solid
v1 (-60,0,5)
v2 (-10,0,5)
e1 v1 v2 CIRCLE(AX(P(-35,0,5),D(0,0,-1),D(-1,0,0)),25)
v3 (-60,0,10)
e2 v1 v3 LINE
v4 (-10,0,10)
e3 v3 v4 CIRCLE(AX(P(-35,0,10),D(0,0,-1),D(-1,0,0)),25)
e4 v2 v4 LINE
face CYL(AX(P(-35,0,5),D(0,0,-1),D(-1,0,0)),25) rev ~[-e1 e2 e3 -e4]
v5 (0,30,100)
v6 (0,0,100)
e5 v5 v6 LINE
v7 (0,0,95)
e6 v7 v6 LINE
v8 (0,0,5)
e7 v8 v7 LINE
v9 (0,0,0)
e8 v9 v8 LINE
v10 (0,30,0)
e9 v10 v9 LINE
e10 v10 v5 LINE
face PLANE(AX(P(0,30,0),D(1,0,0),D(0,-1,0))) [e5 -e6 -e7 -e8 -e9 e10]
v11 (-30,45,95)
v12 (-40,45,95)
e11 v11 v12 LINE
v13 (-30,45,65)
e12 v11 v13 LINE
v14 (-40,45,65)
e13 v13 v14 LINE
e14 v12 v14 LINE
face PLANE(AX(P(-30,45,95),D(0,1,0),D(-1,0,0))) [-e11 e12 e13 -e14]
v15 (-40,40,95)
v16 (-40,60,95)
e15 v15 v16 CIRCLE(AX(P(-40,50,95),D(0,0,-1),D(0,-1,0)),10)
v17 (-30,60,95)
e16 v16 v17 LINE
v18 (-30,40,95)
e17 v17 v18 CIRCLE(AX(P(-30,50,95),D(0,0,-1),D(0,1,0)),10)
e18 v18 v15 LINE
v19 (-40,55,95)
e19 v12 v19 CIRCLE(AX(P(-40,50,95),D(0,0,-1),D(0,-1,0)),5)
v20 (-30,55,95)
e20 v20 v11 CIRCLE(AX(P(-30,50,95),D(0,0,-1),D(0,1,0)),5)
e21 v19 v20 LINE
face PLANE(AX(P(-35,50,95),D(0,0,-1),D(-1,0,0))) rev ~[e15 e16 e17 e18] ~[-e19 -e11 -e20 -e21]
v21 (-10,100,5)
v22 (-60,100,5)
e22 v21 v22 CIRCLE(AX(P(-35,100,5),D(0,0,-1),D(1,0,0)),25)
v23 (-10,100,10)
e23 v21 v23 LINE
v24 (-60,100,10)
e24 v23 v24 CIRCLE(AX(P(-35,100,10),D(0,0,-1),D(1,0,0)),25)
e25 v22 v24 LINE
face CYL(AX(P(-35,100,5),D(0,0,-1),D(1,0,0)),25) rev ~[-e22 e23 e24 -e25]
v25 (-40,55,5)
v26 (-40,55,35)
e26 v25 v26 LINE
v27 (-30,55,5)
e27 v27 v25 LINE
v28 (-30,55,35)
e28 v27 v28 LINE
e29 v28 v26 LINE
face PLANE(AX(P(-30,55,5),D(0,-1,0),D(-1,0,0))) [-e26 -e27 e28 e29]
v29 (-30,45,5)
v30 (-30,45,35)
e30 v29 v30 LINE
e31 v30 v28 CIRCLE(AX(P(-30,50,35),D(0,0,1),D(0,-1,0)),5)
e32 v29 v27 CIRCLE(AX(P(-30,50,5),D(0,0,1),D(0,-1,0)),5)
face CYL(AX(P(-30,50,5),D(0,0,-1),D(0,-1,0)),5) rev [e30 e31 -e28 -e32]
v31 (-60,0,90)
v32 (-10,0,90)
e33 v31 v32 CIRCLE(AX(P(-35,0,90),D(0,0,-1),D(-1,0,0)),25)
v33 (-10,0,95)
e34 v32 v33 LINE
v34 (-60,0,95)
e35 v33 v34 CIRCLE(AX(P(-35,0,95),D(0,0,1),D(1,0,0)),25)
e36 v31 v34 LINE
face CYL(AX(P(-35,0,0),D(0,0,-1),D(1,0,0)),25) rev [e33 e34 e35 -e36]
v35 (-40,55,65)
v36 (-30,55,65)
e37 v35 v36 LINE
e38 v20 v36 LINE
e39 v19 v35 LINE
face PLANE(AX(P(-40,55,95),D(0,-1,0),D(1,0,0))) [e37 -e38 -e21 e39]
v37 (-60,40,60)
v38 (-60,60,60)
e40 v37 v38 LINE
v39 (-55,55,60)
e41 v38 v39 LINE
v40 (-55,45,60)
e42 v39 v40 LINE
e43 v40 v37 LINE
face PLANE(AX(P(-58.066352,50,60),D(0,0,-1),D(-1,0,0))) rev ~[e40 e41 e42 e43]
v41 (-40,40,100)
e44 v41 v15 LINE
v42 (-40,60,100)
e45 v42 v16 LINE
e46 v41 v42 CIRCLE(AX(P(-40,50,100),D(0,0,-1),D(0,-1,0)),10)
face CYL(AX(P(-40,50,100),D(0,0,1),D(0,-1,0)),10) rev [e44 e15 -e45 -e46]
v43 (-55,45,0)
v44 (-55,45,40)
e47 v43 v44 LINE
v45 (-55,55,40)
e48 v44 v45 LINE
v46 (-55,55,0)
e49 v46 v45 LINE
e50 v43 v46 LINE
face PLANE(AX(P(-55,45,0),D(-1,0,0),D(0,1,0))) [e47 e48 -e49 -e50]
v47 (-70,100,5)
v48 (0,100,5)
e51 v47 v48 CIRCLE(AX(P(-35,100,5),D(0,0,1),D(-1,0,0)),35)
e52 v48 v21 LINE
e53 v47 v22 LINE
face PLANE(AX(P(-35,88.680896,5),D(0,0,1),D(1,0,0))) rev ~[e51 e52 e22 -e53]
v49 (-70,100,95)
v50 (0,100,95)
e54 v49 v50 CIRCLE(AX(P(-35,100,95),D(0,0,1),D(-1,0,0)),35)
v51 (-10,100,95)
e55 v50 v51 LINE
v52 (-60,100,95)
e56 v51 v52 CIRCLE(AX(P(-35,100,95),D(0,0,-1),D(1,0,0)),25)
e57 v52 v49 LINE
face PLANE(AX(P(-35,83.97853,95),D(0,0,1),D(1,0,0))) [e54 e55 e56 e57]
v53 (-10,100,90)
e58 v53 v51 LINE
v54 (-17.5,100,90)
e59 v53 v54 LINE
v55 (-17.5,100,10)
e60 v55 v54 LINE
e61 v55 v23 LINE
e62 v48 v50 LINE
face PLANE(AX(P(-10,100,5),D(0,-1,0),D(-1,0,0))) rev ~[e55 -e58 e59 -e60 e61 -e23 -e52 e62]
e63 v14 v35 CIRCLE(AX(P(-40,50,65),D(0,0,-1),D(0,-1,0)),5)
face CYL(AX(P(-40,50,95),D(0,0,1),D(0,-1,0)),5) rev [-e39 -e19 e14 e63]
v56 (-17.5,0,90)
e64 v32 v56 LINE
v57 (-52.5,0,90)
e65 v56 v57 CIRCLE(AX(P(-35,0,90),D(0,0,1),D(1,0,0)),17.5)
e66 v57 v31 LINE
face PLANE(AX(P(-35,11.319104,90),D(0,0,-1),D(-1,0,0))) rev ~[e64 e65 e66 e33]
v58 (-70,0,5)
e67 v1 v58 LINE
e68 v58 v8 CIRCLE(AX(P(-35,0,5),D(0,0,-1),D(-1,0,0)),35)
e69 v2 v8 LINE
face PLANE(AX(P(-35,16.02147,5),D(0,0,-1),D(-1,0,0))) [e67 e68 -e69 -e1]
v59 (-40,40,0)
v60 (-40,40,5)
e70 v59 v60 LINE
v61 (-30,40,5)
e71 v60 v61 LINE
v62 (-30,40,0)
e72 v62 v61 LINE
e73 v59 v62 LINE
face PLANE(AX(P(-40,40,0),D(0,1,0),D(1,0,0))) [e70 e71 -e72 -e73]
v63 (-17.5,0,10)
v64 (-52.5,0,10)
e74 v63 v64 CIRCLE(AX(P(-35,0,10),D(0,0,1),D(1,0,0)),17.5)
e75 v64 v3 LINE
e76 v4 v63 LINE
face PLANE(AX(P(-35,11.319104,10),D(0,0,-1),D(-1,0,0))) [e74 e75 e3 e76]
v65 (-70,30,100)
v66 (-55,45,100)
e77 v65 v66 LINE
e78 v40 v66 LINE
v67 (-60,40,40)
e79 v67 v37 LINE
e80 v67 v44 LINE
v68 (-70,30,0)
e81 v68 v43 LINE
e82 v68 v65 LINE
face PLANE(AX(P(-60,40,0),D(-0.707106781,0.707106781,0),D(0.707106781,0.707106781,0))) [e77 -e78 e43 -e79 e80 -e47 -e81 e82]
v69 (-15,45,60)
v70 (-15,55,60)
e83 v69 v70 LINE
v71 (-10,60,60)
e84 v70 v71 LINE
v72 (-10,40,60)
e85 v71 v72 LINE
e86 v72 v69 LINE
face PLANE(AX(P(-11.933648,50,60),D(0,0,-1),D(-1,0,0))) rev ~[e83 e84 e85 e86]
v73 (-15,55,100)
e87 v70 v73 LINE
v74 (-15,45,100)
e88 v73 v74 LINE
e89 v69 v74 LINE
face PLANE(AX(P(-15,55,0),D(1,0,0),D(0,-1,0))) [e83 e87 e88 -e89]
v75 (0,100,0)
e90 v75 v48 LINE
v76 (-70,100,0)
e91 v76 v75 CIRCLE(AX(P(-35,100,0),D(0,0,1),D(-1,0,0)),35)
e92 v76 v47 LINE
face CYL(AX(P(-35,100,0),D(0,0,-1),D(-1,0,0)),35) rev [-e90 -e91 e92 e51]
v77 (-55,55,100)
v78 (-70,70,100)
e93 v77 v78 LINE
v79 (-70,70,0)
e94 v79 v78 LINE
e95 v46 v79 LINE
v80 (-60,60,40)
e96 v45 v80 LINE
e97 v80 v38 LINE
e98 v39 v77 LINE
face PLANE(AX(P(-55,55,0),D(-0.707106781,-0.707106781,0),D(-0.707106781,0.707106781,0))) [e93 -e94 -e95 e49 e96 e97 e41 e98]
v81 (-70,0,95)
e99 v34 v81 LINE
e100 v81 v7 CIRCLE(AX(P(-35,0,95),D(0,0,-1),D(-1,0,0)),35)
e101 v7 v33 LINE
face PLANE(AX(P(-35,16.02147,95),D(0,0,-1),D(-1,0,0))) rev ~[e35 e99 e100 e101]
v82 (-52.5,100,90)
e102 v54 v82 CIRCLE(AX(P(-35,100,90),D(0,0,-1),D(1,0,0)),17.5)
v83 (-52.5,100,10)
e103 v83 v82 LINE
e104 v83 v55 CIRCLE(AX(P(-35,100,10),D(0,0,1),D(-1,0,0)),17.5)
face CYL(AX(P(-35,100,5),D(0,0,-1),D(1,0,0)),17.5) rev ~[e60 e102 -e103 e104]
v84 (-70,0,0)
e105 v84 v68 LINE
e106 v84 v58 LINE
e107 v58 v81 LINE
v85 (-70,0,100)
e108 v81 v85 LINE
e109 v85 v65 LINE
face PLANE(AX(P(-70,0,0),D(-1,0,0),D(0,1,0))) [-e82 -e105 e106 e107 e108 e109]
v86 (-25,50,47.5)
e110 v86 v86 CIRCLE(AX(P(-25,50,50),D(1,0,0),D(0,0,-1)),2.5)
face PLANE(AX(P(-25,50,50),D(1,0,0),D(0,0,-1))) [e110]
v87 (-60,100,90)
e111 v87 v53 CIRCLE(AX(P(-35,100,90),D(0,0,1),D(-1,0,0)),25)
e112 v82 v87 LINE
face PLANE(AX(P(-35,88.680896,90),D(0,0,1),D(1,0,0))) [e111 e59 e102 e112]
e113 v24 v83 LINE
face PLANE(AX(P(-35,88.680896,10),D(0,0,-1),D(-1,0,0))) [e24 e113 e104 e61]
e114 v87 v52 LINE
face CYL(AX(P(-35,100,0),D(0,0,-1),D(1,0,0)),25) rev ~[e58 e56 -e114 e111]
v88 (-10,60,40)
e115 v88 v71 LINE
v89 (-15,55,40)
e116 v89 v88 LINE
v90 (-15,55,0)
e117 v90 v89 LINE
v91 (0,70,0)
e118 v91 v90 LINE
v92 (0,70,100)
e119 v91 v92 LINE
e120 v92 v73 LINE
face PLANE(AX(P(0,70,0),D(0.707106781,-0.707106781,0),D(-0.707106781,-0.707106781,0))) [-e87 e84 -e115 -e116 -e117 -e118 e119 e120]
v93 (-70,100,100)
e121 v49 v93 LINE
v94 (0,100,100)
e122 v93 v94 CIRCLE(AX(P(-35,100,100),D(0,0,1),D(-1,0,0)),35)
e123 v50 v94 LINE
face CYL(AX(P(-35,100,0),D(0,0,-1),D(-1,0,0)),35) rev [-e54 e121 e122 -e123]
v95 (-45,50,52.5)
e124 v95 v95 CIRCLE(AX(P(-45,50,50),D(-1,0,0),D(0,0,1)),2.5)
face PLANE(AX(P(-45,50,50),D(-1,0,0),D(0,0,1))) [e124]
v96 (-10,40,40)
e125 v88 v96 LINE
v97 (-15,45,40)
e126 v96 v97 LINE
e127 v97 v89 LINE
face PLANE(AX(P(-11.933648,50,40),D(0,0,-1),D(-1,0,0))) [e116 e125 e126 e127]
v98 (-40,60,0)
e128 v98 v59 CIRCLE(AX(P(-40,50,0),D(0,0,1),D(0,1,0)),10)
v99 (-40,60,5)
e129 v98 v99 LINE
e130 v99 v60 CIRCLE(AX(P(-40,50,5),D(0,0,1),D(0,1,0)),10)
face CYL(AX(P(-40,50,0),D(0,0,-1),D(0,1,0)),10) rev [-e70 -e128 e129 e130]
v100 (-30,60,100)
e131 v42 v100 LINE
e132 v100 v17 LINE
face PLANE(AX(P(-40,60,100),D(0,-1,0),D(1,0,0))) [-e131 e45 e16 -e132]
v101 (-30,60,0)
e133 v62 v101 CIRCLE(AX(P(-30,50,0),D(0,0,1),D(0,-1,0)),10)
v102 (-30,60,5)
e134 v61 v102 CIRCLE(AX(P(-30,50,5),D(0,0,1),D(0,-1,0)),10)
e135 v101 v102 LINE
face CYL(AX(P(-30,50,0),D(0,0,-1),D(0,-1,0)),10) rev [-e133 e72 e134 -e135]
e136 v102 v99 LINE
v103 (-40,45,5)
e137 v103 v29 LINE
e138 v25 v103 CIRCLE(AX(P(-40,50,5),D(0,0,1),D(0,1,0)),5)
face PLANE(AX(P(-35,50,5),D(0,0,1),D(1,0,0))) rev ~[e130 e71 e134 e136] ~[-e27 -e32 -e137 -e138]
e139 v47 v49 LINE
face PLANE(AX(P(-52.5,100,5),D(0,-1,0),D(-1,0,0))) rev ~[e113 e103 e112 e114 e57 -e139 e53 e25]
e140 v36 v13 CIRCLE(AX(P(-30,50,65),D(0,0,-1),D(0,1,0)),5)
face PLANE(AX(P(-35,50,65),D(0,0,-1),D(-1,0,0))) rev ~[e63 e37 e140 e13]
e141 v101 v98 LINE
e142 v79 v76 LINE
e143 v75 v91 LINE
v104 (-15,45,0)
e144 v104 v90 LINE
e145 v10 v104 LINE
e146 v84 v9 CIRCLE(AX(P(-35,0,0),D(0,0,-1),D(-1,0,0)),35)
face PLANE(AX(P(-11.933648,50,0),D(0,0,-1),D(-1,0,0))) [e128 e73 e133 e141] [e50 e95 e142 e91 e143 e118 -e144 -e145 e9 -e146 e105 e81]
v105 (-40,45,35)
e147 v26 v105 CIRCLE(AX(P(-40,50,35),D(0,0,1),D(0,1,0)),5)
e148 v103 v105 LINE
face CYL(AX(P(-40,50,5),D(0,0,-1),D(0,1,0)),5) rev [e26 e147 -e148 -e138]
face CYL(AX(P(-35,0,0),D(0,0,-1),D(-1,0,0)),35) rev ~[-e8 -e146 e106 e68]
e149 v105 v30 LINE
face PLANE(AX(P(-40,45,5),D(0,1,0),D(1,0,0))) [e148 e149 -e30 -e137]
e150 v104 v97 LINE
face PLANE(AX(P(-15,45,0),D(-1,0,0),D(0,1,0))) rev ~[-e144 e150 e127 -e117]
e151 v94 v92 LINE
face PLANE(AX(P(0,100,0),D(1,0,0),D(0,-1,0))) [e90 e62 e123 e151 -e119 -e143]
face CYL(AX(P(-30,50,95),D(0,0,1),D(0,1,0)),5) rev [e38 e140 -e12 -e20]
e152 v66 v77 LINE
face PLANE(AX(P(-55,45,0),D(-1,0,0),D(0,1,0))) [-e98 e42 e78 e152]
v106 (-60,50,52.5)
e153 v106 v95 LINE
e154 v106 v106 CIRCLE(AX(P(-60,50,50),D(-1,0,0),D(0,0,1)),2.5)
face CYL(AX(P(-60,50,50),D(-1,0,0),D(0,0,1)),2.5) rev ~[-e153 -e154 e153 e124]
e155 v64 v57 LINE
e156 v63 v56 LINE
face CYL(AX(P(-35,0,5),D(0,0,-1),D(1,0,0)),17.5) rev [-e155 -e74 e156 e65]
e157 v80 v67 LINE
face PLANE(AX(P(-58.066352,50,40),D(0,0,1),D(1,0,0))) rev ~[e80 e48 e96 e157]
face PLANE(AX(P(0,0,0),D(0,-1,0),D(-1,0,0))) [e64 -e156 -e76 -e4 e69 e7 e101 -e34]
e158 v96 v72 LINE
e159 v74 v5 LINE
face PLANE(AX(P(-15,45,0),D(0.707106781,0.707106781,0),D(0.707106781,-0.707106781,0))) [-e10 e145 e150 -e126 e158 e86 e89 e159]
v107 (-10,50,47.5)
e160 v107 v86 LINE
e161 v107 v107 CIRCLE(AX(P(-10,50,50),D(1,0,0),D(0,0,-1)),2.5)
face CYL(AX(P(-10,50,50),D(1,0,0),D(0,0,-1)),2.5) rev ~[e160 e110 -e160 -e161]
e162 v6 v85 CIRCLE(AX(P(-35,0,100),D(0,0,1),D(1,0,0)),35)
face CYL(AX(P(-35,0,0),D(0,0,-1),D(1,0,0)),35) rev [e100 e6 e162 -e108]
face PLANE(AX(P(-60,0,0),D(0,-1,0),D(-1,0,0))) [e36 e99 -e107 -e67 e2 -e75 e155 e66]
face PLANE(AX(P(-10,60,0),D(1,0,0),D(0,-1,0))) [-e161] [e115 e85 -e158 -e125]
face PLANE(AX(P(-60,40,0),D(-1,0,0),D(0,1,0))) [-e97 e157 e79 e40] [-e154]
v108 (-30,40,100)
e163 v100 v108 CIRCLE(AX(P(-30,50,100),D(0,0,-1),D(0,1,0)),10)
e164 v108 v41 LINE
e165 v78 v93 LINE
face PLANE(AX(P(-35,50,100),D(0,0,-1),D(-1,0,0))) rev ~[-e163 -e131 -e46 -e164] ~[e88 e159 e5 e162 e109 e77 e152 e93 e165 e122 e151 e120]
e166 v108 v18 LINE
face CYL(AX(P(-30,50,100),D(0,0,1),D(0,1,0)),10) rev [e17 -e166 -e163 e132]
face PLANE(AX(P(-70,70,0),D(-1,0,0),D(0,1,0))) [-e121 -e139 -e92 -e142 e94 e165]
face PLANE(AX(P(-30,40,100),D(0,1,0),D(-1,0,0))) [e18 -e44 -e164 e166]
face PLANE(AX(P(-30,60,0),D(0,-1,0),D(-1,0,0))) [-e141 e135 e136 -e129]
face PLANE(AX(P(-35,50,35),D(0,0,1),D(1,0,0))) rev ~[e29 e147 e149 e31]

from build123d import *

# Parameters (mm, degrees)
BOSS_EXTRUDE1_DEPTH = 100
BOSS_EXTRUDE2_DEPTH = 95
CUT_EXTRUDE1_DEPTH  = 5
BOSS_EXTRUDE5_DEPTH = 85
CUT_EXTRUDE4_DEPTH  = 5
BOSS_EXTRUDE6_DEPTH = 60
CUT_EXTRUDE5_DEPTH  = 40
SKETCH11_R          = 2.5
CUT_EXTRUDE6_DEPTH  = 15
SKETCH12_R          = 2.5
CUT_EXTRUDE7_DEPTH  = 15
CUT_EXTRUDE8_DEPTH  = 5
CUT_EXTRUDE9_DEPTH  = 30
CUT_EXTRUDE10_DEPTH = 5
CUT_EXTRUDE11_DEPTH = 30


with BuildPart() as part:
    # Sketch1 → Boss-Extrude1 (new body)
    with BuildSketch(Plane.XY):
        with BuildLine():
            Line((-70, 0), (-70, 30))
            Line((-70, 30), (-55, 45))
            Line((-55, 45), (-55, 55))
            Line((-55, 55), (-70, 70))
            Line((-70, 70), (-70, 100))
            ThreePointArc((-70, 100), (-35, 65), (0, 100))
            Line((0, 100), (0, 70))
            Line((0, 70), (-15, 55))
            Line((-15, 55), (-15, 45))
            Line((-15, 45), (0, 30))
            Line((0, 30), (0, 0))
            ThreePointArc((0, 0), (-35, 35), (-70, 0))
        make_face()
    extrude(amount=BOSS_EXTRUDE1_DEPTH)

    # Sketch2 → Boss-Extrude2 (add)
    with BuildSketch(Plane(origin=(0, 0, 0), x_dir=(-1, 0, 0), z_dir=(0, 0, -1))):
        with BuildLine():
            Line((0, 100), (10, 100))
            ThreePointArc((10, 100), (35, 75), (60, 100))
            Line((60, 100), (70, 100))
            ThreePointArc((70, 100), (35, 65), (0, 100))
        make_face()
        with BuildLine():
            Line((0, 0), (10, 0))
            ThreePointArc((10, 0), (35, 25), (60, 0))
            Line((60, 0), (70, 0))
            ThreePointArc((70, 0), (35, 35), (0, 0))
        make_face()
    extrude(amount=-BOSS_EXTRUDE2_DEPTH)

    # Sketch3 → Cut-Extrude1 (cut)
    with BuildSketch(Plane(origin=(0, 0, 0), x_dir=(-1, 0, 0), z_dir=(0, 0, -1))):
        with BuildLine():
            Line((0, 100), (10, 100))
            ThreePointArc((10, 100), (35, 75), (60, 100))
            Line((60, 100), (70, 100))
            ThreePointArc((70, 100), (35, 65), (0, 100))
        make_face()
        with BuildLine():
            Line((60, 0), (70, 0))
            ThreePointArc((70, 0), (35, 35), (0, 0))
            Line((0, 0), (10, 0))
            ThreePointArc((10, 0), (35, 25), (60, 0))
        make_face()
    extrude(amount=-CUT_EXTRUDE1_DEPTH, mode=Mode.SUBTRACT)

    # Sketch4 → Boss-Extrude5 (add)
    with BuildSketch(Plane(origin=(0, 0, 5), x_dir=(-1, 0, 0), z_dir=(0, 0, -1))):
        with BuildLine():
            Line((10, 100), (17.5, 100))
            ThreePointArc((17.5, 100), (35, 82.5), (52.5, 100))
            Line((52.5, 100), (60, 100))
            ThreePointArc((60, 100), (35, 75), (10, 100))
        make_face()
        with BuildLine():
            Line((10, 0), (17.5, 0))
            ThreePointArc((17.5, 0), (35, 17.5), (52.5, 0))
            Line((52.5, 0), (60, 0))
            ThreePointArc((60, 0), (35, 25), (10, 0))
        make_face()
    extrude(amount=-BOSS_EXTRUDE5_DEPTH)

    # Sketch7 → Cut-Extrude4 (cut)
    with BuildSketch(Plane(origin=(0, 0, 5), x_dir=(-1, 0, 0), z_dir=(0, 0, -1))):
        with BuildLine():
            ThreePointArc((52.5, 100), (35, 82.5), (17.5, 100))
            Line((17.5, 100), (10, 100))
            ThreePointArc((10, 100), (35, 75), (60, 100))
            Line((60, 100), (52.5, 100))
        make_face()
        with BuildLine():
            Line((10, 0), (17.5, 0))
            ThreePointArc((17.5, 0), (35, 17.5), (52.5, 0))
            Line((52.5, 0), (60, 0))
            ThreePointArc((60, 0), (35, 25), (10, 0))
        make_face()
    extrude(amount=-CUT_EXTRUDE4_DEPTH, mode=Mode.SUBTRACT)

    # Sketch9 → Boss-Extrude6 (add)
    with BuildSketch(Plane(origin=(0, 0, 0), x_dir=(-1, 0, 0), z_dir=(0, 0, -1))):
        Polygon((10, 40), (15, 45), (15, 55), (10, 60), align=None)
        Polygon((60, 60), (55, 55), (55, 45), (60, 40), align=None)
    extrude(amount=-BOSS_EXTRUDE6_DEPTH)

    # Sketch10 → Cut-Extrude5 (cut)
    with BuildSketch(Plane(origin=(0, 0, 0), x_dir=(-1, 0, 0), z_dir=(0, 0, -1))):
        Polygon((10, 40), (15, 45), (15, 55), (10, 60), align=None)
        Polygon((60, 40), (55, 45), (55, 55), (60, 60), align=None)
    extrude(amount=-CUT_EXTRUDE5_DEPTH, mode=Mode.SUBTRACT)

    # Sketch11 → Cut-Extrude6 (cut)
    with BuildSketch(Plane(origin=(-10, 0, 0), x_dir=(0, 0, -1), z_dir=(1, 0, 0))):
        with Locations((-50, 50)):
            Circle(SKETCH11_R)
    extrude(amount=-CUT_EXTRUDE6_DEPTH, mode=Mode.SUBTRACT)

    # Sketch12 → Cut-Extrude7 (cut)
    with BuildSketch(Plane.ZY.offset(60)):
        with Locations((50, 50)):
            Circle(SKETCH12_R)
    extrude(amount=-CUT_EXTRUDE7_DEPTH, mode=Mode.SUBTRACT)

    # Sketch13 → Cut-Extrude8 (cut)
    with BuildSketch(Plane(origin=(0, 0, 0), x_dir=(-1, 0, 0), z_dir=(0, 0, -1))):
        with BuildLine():
            Line((30, 60), (40, 60))
            ThreePointArc((40, 60), (50, 50), (40, 40))
            Line((40, 40), (30, 40))
            ThreePointArc((30, 40), (20, 50), (30, 60))
        make_face()
    extrude(amount=-CUT_EXTRUDE8_DEPTH, mode=Mode.SUBTRACT)

    # Sketch14 → Cut-Extrude9 (cut)
    with BuildSketch(Plane(origin=(0, 0, 5), x_dir=(-1, 0, 0), z_dir=(0, 0, -1))):
        with BuildLine():
            Line((30, 55), (40, 55))
            ThreePointArc((40, 55), (45, 50), (40, 45))
            Line((40, 45), (30, 45))
            ThreePointArc((30, 45), (25, 50), (30, 55))
        make_face()
    extrude(amount=-CUT_EXTRUDE9_DEPTH, mode=Mode.SUBTRACT)

    # Sketch15 → Cut-Extrude10 (cut)
    with BuildSketch(Plane.XY.offset(100)):
        with BuildLine():
            Line((-40, 60), (-30, 60))
            ThreePointArc((-30, 60), (-20, 50), (-30, 40))
            Line((-30, 40), (-40, 40))
            ThreePointArc((-40, 40), (-50, 50), (-40, 60))
        make_face()
    extrude(amount=-CUT_EXTRUDE10_DEPTH, mode=Mode.SUBTRACT)

    # Sketch16 → Cut-Extrude11 (cut)
    with BuildSketch(Plane.XY.offset(95)):
        with BuildLine():
            Line((-40, 55), (-30, 55))
            ThreePointArc((-30, 55), (-25, 50), (-30, 45))
            Line((-30, 45), (-40, 45))
            ThreePointArc((-40, 45), (-45, 50), (-40, 55))
        make_face()
    extrude(amount=-CUT_EXTRUDE11_DEPTH, mode=Mode.SUBTRACT)


solid = part.part
